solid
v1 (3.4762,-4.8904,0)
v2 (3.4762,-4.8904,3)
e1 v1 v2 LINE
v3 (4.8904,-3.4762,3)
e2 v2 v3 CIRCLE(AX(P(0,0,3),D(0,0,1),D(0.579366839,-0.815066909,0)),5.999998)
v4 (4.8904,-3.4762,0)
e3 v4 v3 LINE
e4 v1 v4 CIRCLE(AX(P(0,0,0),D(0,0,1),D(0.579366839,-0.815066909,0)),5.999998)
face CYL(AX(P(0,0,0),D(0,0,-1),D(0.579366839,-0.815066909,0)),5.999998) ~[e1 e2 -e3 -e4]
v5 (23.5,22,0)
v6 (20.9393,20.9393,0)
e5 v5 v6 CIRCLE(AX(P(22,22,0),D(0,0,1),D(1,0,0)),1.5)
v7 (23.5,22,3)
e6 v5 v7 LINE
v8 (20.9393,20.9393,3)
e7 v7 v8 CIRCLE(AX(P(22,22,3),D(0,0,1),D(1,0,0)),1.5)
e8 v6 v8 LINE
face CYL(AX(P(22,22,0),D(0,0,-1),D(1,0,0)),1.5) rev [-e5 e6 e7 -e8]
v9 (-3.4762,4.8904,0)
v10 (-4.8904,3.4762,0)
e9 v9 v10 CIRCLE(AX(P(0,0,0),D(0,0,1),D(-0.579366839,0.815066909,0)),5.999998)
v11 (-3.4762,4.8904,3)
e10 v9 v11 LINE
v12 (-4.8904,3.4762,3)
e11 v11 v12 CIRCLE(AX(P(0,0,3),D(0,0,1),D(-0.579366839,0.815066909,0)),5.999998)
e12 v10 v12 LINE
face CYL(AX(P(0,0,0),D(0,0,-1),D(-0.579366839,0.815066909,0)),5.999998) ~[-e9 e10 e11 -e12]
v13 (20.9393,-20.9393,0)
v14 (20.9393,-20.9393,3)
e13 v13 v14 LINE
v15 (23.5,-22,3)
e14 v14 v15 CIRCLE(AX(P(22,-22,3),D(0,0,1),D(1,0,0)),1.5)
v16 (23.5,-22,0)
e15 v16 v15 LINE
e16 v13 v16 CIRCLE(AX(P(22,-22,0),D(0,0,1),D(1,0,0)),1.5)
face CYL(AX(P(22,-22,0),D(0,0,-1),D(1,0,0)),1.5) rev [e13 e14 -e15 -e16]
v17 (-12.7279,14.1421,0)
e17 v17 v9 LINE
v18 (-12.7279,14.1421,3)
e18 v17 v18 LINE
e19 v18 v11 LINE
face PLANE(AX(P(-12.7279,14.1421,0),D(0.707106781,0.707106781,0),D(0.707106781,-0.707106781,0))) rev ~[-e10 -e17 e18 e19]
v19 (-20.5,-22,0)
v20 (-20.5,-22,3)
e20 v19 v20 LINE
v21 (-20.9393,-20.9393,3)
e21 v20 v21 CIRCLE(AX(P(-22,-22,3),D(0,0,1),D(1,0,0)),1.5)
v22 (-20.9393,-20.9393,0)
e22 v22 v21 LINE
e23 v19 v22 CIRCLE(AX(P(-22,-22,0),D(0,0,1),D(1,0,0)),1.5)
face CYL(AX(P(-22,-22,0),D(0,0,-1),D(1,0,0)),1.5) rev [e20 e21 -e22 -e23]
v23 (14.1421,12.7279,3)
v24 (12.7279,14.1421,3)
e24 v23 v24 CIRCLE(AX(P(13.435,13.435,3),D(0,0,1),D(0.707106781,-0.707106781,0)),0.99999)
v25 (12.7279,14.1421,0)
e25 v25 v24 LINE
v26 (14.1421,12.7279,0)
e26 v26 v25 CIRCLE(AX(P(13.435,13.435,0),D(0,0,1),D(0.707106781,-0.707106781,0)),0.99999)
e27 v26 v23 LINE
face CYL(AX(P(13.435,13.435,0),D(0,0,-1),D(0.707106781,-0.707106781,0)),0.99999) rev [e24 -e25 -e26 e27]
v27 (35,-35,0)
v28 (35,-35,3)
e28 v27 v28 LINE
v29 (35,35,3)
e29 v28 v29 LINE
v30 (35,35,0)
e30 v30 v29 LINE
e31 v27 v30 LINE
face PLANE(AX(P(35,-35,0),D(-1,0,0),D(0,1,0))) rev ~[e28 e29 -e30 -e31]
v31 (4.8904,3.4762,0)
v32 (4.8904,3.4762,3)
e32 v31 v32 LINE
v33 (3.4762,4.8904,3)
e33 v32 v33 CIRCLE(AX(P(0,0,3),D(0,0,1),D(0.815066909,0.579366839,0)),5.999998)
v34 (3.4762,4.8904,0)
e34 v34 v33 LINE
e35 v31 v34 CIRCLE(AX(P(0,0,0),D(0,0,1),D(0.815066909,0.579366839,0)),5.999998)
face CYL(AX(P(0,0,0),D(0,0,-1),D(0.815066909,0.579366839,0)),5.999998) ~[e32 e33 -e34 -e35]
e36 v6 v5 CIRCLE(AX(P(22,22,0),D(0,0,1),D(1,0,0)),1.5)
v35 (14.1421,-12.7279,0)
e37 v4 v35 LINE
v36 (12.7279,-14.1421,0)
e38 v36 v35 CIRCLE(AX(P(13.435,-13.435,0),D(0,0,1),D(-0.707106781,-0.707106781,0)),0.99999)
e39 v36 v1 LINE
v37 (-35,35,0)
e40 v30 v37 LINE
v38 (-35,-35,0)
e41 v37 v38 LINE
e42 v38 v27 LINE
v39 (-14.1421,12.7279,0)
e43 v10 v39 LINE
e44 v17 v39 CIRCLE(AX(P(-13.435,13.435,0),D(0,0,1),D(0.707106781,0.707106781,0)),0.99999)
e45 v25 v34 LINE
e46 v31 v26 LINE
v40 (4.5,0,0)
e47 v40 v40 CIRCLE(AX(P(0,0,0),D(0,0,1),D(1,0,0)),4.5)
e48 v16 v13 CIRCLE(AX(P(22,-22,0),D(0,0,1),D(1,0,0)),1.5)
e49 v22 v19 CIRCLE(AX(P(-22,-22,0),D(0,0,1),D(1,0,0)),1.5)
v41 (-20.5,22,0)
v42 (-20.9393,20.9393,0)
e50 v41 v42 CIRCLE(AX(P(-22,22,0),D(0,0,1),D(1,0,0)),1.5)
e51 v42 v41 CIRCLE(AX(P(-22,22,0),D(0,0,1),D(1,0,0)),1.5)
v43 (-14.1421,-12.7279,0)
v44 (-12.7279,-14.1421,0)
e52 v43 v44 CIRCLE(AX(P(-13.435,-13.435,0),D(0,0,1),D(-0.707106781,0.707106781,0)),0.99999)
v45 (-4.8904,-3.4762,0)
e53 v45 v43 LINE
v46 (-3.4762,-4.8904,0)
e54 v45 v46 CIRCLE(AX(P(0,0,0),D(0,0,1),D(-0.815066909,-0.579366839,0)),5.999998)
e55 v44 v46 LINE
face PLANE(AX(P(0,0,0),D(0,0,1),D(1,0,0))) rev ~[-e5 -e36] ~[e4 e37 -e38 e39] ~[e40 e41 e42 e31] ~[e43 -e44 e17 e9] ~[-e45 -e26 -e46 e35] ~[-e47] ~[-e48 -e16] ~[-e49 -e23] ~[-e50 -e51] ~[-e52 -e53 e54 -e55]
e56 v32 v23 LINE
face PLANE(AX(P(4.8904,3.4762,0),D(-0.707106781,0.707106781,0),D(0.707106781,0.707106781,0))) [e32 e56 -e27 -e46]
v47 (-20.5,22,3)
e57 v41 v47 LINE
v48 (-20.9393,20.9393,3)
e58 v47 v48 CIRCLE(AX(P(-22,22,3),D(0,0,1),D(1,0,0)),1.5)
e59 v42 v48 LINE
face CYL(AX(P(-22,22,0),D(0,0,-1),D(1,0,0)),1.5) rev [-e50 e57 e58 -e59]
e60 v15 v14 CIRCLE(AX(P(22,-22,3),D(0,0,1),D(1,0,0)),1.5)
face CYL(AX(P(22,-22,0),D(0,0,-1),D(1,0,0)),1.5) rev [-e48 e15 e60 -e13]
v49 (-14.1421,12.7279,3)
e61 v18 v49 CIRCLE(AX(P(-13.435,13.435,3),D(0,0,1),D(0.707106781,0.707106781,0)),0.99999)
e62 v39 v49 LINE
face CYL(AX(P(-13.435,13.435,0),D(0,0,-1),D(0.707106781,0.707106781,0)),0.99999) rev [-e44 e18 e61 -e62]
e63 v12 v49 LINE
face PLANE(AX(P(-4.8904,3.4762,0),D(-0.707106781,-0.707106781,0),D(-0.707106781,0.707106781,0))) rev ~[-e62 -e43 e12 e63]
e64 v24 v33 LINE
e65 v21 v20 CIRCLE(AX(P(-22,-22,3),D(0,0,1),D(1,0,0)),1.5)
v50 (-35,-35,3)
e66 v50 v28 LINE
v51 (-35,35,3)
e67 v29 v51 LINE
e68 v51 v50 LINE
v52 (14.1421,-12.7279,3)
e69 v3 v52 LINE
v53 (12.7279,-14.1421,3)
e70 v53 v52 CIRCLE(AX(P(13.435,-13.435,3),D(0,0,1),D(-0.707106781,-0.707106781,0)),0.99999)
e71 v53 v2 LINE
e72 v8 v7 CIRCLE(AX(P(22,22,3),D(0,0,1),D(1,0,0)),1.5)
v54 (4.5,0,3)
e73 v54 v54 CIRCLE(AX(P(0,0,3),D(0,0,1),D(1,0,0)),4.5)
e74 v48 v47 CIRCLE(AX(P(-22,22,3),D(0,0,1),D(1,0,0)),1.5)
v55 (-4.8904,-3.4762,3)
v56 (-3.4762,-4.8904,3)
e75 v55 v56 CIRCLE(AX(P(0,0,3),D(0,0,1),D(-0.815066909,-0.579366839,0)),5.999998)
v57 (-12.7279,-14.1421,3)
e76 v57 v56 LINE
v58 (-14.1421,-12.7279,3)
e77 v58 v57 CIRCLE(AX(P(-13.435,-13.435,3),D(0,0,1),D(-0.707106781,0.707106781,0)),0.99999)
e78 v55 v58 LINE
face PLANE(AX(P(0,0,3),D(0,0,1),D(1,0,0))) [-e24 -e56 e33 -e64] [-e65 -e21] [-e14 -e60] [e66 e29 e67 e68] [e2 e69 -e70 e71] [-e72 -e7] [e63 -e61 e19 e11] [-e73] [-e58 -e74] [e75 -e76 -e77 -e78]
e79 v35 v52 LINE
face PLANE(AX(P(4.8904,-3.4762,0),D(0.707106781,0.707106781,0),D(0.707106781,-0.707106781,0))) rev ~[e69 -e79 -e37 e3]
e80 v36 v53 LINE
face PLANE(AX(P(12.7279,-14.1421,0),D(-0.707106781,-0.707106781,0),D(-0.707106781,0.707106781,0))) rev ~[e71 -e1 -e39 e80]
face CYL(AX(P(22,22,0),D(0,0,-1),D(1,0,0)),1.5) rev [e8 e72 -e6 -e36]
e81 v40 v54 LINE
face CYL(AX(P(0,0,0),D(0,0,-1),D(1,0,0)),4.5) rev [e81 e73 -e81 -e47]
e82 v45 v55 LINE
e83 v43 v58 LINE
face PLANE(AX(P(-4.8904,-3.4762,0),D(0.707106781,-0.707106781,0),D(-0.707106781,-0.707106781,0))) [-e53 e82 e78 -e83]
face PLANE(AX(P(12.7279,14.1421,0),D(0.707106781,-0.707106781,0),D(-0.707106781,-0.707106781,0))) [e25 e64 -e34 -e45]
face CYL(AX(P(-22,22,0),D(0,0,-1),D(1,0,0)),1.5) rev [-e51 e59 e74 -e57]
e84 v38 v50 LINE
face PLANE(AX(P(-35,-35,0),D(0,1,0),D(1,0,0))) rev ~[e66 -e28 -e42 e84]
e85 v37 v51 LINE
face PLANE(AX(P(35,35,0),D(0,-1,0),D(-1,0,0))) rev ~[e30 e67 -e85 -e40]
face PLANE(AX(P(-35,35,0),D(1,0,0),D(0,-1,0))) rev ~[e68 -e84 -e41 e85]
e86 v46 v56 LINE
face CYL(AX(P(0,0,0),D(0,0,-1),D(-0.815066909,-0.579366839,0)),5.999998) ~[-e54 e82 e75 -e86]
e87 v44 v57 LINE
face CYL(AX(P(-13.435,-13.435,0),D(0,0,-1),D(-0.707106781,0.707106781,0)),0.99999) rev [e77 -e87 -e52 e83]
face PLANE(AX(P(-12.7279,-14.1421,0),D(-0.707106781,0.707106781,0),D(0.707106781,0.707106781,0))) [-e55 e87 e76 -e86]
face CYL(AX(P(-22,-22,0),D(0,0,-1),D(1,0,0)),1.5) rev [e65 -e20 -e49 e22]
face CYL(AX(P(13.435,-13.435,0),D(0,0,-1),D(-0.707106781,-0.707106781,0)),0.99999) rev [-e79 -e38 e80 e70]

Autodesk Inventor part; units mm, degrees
ref_plane "YZ Plane" through (0, 0, 0) normal (1, 0, 0) x (0, 1, 0)
ref_plane "XZ Plane" through (0, 0, 0) normal (0, 1, 0) x (-1, 0, 0)
ref_plane "XY Plane" through (0, 0, 0) normal (0, 0, 1) x (1, 0, 0)
sketch "Sketch1" plane through (0, 0, 0) normal (0, 0, 1) x (1, 0, 0)
  circle A0 centre (-22, 22) radius 1.5
  circle A1 centre (22, 22) radius 1.5
  circle A2 centre (22, -22) radius 1.5
  circle A3 centre (-22, -22) radius 1.5
  circle A4 centre (0, 0) radius 4.5
  line L0 (14.8492, 13.435) -> (-14.8492, -13.435) construction
  line L1 (13.435, -14.8492) -> (-13.435, 14.8492) construction
  line L2 (-14.8492, 13.435) -> (14.8492, -13.435) construction
  line L3 (-12.7279, 14.1421) -> (-3.4762, 4.8904) construction
  line L4 (-4.8904, 3.4762) -> (-14.1421, 12.7279)
  line L5 (-4.8904, -3.4762) -> (-14.1421, -12.7279)
  line L6 (-12.7279, -14.1421) -> (-3.4762, -4.8904)
  line L7 (12.7279, -14.1421) -> (3.4762, -4.8904)
  line L8 (-0.6718, -0.7425) -> (-0.7425, -0.6718)
  line L9 (0.6718, 0.7425) -> (0.7071, 0.7071)
  line L10 (4.8904, -3.4762) -> (14.1421, -12.7279)
  line L11 (0.6718, -0.7425) -> (0.7425, -0.6718)
  line L12 (4.8904, 3.4762) -> (14.1421, 12.7279)
  line L13 (12.7279, 14.1421) -> (3.4762, 4.8904)
  line L14 (-0.6718, 0.7425) -> (-0.7425, 0.6718)
  arc A5 (-12.7279, 14.1421) -> (-14.1421, 12.7279) centre (-13.435, 13.435) ccw
  arc A6 (14.1421, 12.7279) -> (12.7279, 14.1421) centre (13.435, 13.435) ccw
  arc A7 (-14.1421, -12.7279) -> (-12.7279, -14.1421) centre (-13.435, -13.435) ccw
  arc A8 (12.7279, -14.1421) -> (14.1421, -12.7279) centre (13.435, -13.435) ccw
  line L15 (-20.9393, -20.9393) -> (-22, -22)
  line L16 (-22, 22) -> (-20.9393, 20.9393)
  line L17 (22, 22) -> (20.9393, 20.9393)
  line L18 (20.9393, -20.9393) -> (22, -22)
  line L19 (-13.435, -14.8492) -> (4.0255, 4.4492) construction
  line L20 (12.9433, 14.3058) -> (13.435, 14.8492) construction
  line L21 (-12.7279, 14.1421) -> (-3.4762, 4.8904)
  arc A9 (-3.4762, 4.8904) -> (-4.8904, 3.4762) centre (0, 0) ccw
  arc A10 (-4.8904, -3.4762) -> (-3.4762, -4.8904) centre (0, 0) ccw
  arc A11 (3.4762, -4.8904) -> (4.8904, -3.4762) centre (0, 0) ccw
  arc A12 (4.8904, 3.4762) -> (3.4762, 4.8904) centre (0, 0) ccw
  line L22 (-35, -35) -> (35, -35)
  line L23 (35, -35) -> (35, 35)
  line L24 (35, 35) -> (-35, 35)
  line L25 (-35, 35) -> (-35, -35)
  line L26 (-35, -35) -> (35, 35) construction
  line L27 (35, -35) -> (-35, 35) construction
  dimension "d12" = 3
  dimension "d13" = 3
  dimension "d14" = 3
  dimension "d15" = 3
  dimension "d55" = 70
  dimension "d56" = 70
extrude "Extrusion4" add sketch "Sketch1" along normal blind 3
properties part number "Base Robot"
